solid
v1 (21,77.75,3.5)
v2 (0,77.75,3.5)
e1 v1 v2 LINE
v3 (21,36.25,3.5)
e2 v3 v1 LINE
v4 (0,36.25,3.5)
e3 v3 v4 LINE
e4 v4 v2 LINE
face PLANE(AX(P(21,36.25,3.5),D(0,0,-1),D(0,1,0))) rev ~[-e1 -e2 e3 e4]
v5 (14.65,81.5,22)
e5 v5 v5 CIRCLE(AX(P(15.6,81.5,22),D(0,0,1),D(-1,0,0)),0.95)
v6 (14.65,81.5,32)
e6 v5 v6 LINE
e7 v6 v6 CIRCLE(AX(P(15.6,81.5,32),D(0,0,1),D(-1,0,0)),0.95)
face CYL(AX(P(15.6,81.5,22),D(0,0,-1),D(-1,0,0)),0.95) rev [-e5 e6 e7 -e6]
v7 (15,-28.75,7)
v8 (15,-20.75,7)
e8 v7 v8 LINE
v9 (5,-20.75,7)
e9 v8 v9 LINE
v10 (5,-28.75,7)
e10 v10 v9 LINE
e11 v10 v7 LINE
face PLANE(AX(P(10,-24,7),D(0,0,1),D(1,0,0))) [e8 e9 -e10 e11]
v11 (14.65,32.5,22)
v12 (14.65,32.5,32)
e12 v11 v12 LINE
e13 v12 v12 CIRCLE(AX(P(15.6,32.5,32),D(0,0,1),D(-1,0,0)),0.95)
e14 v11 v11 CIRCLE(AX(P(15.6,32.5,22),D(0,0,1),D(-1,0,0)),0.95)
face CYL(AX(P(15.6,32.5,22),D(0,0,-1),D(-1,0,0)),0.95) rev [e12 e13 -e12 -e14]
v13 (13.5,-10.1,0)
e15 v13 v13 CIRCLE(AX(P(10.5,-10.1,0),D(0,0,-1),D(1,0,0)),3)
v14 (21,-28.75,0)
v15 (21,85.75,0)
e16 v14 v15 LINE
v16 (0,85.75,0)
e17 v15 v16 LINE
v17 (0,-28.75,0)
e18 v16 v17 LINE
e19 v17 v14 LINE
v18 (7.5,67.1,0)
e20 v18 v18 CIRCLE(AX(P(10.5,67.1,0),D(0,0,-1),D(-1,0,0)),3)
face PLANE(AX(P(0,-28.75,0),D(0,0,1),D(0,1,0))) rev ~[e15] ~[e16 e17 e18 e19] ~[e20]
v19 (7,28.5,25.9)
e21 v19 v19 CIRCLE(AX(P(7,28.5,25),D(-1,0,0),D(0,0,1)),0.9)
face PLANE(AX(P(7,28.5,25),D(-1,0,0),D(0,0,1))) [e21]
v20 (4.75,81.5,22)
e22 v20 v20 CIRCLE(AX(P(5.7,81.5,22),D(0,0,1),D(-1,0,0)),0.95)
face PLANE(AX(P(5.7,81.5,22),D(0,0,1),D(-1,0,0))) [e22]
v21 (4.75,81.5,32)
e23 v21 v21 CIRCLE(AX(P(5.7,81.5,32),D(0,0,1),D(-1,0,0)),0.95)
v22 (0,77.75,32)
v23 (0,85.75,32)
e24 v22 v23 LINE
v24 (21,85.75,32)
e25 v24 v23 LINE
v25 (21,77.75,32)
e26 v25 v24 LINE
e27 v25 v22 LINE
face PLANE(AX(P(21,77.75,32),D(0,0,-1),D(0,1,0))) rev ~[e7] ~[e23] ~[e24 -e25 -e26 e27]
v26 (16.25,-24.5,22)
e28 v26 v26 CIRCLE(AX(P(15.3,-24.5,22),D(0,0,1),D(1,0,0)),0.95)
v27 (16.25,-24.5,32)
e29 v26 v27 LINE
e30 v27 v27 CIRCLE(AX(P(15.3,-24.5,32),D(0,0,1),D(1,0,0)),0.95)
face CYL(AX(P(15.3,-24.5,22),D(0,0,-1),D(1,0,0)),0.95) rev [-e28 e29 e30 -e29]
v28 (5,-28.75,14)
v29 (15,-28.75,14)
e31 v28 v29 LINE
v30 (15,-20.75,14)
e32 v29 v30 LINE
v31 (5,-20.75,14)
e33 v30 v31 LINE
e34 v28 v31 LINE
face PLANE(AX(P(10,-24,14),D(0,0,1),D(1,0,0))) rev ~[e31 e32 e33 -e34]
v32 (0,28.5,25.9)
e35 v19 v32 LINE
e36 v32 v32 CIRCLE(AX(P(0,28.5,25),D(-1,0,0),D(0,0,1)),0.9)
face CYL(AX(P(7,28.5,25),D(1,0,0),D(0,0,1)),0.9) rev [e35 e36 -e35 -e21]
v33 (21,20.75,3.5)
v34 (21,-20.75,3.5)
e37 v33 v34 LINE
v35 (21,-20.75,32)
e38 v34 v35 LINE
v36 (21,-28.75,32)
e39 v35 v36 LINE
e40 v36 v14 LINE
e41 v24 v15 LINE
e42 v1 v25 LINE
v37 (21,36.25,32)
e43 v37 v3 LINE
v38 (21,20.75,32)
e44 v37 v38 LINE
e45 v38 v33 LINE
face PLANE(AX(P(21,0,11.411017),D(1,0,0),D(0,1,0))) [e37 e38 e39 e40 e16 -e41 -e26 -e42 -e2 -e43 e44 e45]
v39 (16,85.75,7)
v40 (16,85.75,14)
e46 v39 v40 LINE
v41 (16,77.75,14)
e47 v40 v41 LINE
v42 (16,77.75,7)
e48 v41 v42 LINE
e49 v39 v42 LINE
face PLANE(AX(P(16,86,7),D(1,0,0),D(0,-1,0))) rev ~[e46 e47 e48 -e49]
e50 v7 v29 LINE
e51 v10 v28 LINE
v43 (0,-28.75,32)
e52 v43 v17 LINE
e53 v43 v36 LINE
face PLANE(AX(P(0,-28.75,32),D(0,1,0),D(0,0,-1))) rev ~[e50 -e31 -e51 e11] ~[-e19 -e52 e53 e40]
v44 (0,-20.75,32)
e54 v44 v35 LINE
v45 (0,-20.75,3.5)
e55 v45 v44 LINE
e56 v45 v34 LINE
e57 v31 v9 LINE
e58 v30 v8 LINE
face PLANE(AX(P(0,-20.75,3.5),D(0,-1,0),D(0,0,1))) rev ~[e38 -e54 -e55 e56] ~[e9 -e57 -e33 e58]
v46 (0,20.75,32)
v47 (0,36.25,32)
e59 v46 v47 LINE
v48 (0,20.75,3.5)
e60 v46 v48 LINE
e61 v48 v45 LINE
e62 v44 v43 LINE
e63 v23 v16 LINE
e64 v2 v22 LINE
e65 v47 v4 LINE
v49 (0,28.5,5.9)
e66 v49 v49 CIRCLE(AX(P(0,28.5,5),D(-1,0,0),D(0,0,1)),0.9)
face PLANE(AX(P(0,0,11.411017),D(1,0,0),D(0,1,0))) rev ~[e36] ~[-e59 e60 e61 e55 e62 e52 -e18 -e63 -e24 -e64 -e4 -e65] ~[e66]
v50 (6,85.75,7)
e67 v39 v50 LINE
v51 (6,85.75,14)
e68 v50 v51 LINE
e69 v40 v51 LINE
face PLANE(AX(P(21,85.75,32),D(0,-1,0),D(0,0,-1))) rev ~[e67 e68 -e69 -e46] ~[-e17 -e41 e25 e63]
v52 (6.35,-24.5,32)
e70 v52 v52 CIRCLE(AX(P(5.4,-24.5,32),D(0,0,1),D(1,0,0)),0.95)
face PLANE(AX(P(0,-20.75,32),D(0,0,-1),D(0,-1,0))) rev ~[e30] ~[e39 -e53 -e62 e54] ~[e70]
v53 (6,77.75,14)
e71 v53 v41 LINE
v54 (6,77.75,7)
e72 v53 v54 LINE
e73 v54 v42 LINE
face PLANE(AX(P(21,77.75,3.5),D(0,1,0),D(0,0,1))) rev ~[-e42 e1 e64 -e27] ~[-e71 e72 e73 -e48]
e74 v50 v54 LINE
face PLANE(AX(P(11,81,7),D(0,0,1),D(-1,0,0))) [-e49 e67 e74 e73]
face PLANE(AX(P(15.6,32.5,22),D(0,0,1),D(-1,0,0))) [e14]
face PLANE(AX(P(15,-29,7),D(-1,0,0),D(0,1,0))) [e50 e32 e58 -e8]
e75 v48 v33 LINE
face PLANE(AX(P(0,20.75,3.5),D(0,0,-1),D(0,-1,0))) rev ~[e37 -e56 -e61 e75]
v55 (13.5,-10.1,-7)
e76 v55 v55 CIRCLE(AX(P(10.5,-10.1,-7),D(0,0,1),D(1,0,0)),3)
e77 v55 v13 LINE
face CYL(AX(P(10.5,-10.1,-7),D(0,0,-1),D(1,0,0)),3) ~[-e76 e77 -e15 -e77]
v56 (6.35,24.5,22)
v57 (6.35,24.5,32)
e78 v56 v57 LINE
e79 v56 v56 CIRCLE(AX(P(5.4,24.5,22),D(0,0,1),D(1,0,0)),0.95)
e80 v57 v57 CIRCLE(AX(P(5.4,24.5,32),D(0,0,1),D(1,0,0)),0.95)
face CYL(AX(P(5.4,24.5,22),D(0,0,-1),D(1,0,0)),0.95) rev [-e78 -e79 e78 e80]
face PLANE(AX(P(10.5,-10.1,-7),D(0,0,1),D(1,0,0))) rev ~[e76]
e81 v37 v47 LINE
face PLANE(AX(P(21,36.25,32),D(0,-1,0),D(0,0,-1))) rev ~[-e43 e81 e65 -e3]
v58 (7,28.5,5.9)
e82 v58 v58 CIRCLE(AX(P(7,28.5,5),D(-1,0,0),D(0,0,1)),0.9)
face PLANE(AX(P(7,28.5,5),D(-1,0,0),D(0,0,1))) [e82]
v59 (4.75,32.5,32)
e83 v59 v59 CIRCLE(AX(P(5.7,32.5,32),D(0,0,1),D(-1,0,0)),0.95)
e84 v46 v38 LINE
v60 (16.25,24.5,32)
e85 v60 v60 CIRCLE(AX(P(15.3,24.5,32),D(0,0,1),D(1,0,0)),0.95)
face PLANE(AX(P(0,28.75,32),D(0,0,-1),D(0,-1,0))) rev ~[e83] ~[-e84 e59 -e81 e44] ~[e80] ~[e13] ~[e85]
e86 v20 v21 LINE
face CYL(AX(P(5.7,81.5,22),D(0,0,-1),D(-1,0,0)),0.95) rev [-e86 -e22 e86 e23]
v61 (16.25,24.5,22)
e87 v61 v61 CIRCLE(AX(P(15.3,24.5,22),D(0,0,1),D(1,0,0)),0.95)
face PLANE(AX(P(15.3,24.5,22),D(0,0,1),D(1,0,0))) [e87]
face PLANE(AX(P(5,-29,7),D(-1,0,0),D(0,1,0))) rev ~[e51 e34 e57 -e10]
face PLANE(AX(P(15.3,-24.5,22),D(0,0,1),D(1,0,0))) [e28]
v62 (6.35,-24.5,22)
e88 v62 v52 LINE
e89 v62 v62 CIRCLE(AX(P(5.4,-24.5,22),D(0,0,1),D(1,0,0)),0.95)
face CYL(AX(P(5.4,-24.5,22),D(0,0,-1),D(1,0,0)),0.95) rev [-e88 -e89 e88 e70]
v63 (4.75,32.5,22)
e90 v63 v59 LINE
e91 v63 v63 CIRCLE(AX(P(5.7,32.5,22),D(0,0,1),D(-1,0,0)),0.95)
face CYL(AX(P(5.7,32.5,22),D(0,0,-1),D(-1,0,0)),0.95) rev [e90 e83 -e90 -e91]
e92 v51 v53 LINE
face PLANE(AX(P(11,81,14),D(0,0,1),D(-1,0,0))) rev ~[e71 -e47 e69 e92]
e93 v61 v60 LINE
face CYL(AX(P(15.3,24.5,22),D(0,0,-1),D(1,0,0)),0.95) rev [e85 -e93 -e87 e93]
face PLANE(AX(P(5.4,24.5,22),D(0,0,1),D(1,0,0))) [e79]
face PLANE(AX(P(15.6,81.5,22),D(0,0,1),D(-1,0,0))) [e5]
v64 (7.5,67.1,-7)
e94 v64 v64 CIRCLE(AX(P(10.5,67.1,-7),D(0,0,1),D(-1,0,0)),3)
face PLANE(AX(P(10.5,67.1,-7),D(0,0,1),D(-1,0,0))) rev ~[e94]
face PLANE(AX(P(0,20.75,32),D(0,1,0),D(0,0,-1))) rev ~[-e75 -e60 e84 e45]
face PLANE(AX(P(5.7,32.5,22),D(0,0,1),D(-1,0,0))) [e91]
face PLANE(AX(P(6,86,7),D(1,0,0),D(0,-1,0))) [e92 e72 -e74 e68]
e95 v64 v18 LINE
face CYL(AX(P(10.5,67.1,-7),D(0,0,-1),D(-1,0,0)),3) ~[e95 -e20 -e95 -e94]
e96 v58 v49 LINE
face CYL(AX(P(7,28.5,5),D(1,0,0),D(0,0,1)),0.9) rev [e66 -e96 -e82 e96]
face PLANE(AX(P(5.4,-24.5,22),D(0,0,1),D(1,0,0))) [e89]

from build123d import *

# Parameters (mm, degrees)
CYLINDER050_R             = 0.9
CYLINDER050_DEPTH         = 7
CYLINDER051_R             = 0.9
CYLINDER051_DEPTH         = 7
CYLINDER043_R             = 0.95
CYLINDER043_DEPTH         = 10
CYLINDER044_R             = 0.95
CYLINDER044_DEPTH         = 10
CYLINDER041_R             = 0.95
CYLINDER041_DEPTH         = 10
CYLINDER042_R             = 0.95
CYLINDER042_DEPTH         = 10
BOX007_W                  = 10
BOX007_H                  = 10
BOX007_DEPTH              = 7
PAD016_DEPTH              = 21
CYLINDER040_R             = 3
CYLINDER040_DEPTH         = 10
CYLINDER048_R             = 0.95
CYLINDER048_DEPTH         = 10
CYLINDER049_R             = 0.95
CYLINDER049_DEPTH         = 10
CYLINDER046_R             = 0.95
CYLINDER046_DEPTH         = 10
CYLINDER047_R             = 0.95
CYLINDER047_DEPTH         = 10
BOX008_W                  = 10
BOX008_H                  = 10
BOX008_DEPTH              = 7
PAD017_DEPTH              = 21
CYLINDER045_R             = 3
CYLINDER045_DEPTH         = 10
FUSION040_PLACEMENT_ANGLE = 180


with BuildPart() as cylinder050:
    # Cylinder050 → Cylinder050 (new body)
    with BuildSketch(Plane(origin=(7, 28.5, 25), x_dir=(0, 0, 1), z_dir=(-1, 0, 0))):
        Circle(CYLINDER050_R)
    extrude(amount=CYLINDER050_DEPTH)


with BuildPart() as fusion042:
    # Cylinder051 → Cylinder051 (new body)
    with BuildSketch(Plane(origin=(7, 28.5, 5), x_dir=(0, 0, 1), z_dir=(-1, 0, 0))):
        Circle(CYLINDER051_R)
    extrude(amount=CYLINDER051_DEPTH)

    # Fusion042: union Cylinder050
    add(cylinder050.part)


with BuildPart() as cylinder043:
    # Cylinder043 → Cylinder043 (new body)
    with BuildSketch(Plane(origin=(9.9, 0, 0), x_dir=(1, 0, 0), z_dir=(0, 0, 1))):
        Circle(CYLINDER043_R)
    extrude(amount=CYLINDER043_DEPTH)


with BuildPart() as tornillos015:
    # Cylinder044 → Cylinder044 (new body)
    with BuildSketch(Plane.XY):
        Circle(CYLINDER044_R)
    extrude(amount=CYLINDER044_DEPTH)

    # Fusion034: union Cylinder043
    add(cylinder043.part)


with BuildPart() as tornillos015_1:
    # Fusion034 placement: moved
    add(tornillos015.part.moved(Location((5, -24.5, 22))))


with BuildPart() as cylinder041:
    # Cylinder041 → Cylinder041 (new body)
    with BuildSketch(Plane(origin=(9.9, 0, 0), x_dir=(1, 0, 0), z_dir=(0, 0, 1))):
        Circle(CYLINDER041_R)
    extrude(amount=CYLINDER041_DEPTH)


with BuildPart() as fusion035:
    # Cylinder042 → Cylinder042 (new body)
    with BuildSketch(Plane.XY):
        Circle(CYLINDER042_R)
    extrude(amount=CYLINDER042_DEPTH)

    # Fusion033: union Cylinder041
    add(cylinder041.part)


with BuildPart() as fusion035_1:
    # Fusion033 placement: moved
    add(fusion035.part.moved(Location((5, 24.5, 22))))

    # Fusion035: union Tornillos015
    add(tornillos015_1.part)


with BuildPart() as fusion035_2:
    # Fusion035 placement: moved
    add(fusion035_1.part.moved(Location((0.4, 0, 0))))


with BuildPart() as cube007:
    # Box007 → Box007 (new body)
    with BuildSketch(Plane(origin=(5, -29, 7), x_dir=(1, 0, 0), z_dir=(0, 0, 1))):
        with Locations((5, 5)):
            Rectangle(BOX007_W, BOX007_H)
    extrude(amount=BOX007_DEPTH)


with BuildPart() as holder008:
    # Sketch016 → Pad016 (new body)
    with BuildSketch(Plane.YZ):
        Polygon((-28.75, 32), (-28.75, 0), (28.75, 0), (28.75, 32), (20.75, 32), (20.75, 3.5), (-20.75, 3.5), (-20.75, 32), align=None)
    extrude(amount=PAD016_DEPTH)

    # Cut022: cut Cube007
    add(cube007.part, mode=Mode.SUBTRACT)

    # Cut023: cut Fusion035
    add(fusion035_2.part, mode=Mode.SUBTRACT)


with BuildPart() as holderceje004:
    # Cylinder040 → Cylinder040 (new body)
    with BuildSketch(Plane(origin=(10.5, -10.1, -7), x_dir=(1, 0, 0), z_dir=(0, 0, 1))):
        Circle(CYLINDER040_R)
    extrude(amount=CYLINDER040_DEPTH)

    # Fusion036: union Holder008
    add(holder008.part)


with BuildPart() as cylinder048:
    # Cylinder048 → Cylinder048 (new body)
    with BuildSketch(Plane(origin=(9.9, 0, 0), x_dir=(1, 0, 0), z_dir=(0, 0, 1))):
        Circle(CYLINDER048_R)
    extrude(amount=CYLINDER048_DEPTH)


with BuildPart() as tornillos017:
    # Cylinder049 → Cylinder049 (new body)
    with BuildSketch(Plane.XY):
        Circle(CYLINDER049_R)
    extrude(amount=CYLINDER049_DEPTH)

    # Fusion038: union Cylinder048
    add(cylinder048.part)


with BuildPart() as tornillos017_1:
    # Fusion038 placement: moved
    add(tornillos017.part.moved(Location((5, -24.5, 22))))


with BuildPart() as cylinder046:
    # Cylinder046 → Cylinder046 (new body)
    with BuildSketch(Plane(origin=(9.9, 0, 0), x_dir=(1, 0, 0), z_dir=(0, 0, 1))):
        Circle(CYLINDER046_R)
    extrude(amount=CYLINDER046_DEPTH)


with BuildPart() as fusion039:
    # Cylinder047 → Cylinder047 (new body)
    with BuildSketch(Plane.XY):
        Circle(CYLINDER047_R)
    extrude(amount=CYLINDER047_DEPTH)

    # Fusion037: union Cylinder046
    add(cylinder046.part)


with BuildPart() as fusion039_1:
    # Fusion037 placement: moved
    add(fusion039.part.moved(Location((5, 24.5, 22))))

    # Fusion039: union Tornillos017
    add(tornillos017_1.part)


with BuildPart() as fusion039_2:
    # Fusion039 placement: moved
    add(fusion039_1.part.moved(Location((0.4, 0, 0))))


with BuildPart() as cube008:
    # Box008 → Box008 (new body)
    with BuildSketch(Plane(origin=(5, -29, 7), x_dir=(1, 0, 0), z_dir=(0, 0, 1))):
        with Locations((5, 5)):
            Rectangle(BOX008_W, BOX008_H)
    extrude(amount=BOX008_DEPTH)


with BuildPart() as holder009:
    # Sketch017 → Pad017 (new body)
    with BuildSketch(Plane.YZ):
        Polygon((-28.75, 32), (-28.75, 0), (28.75, 0), (28.75, 32), (20.75, 32), (20.75, 3.5), (-20.75, 3.5), (-20.75, 32), align=None)
    extrude(amount=PAD017_DEPTH)

    # Cut024: cut Cube008
    add(cube008.part, mode=Mode.SUBTRACT)

    # Cut025: cut Fusion039
    add(fusion039_2.part, mode=Mode.SUBTRACT)


with BuildPart() as cut026:
    # Cylinder045 → Cylinder045 (new body)
    with BuildSketch(Plane(origin=(10.5, -10.1, -7), x_dir=(1, 0, 0), z_dir=(0, 0, 1))):
        Circle(CYLINDER045_R)
    extrude(amount=CYLINDER045_DEPTH)

    # Fusion040: union Holder009
    add(holder009.part)


with BuildPart() as cut026_1:
    # Fusion040 placement: moved
    add(cut026.part.moved(Location((21, 57, 0))).rotate(Axis((21, 57, 0), (0, 0, 1)), FUSION040_PLACEMENT_ANGLE))

    # Fusion041: union HolderCEje004
    add(holderceje004.part)

    # Cut026: cut Fusion042
    add(fusion042.part, mode=Mode.SUBTRACT)


solid = cut026_1.part
